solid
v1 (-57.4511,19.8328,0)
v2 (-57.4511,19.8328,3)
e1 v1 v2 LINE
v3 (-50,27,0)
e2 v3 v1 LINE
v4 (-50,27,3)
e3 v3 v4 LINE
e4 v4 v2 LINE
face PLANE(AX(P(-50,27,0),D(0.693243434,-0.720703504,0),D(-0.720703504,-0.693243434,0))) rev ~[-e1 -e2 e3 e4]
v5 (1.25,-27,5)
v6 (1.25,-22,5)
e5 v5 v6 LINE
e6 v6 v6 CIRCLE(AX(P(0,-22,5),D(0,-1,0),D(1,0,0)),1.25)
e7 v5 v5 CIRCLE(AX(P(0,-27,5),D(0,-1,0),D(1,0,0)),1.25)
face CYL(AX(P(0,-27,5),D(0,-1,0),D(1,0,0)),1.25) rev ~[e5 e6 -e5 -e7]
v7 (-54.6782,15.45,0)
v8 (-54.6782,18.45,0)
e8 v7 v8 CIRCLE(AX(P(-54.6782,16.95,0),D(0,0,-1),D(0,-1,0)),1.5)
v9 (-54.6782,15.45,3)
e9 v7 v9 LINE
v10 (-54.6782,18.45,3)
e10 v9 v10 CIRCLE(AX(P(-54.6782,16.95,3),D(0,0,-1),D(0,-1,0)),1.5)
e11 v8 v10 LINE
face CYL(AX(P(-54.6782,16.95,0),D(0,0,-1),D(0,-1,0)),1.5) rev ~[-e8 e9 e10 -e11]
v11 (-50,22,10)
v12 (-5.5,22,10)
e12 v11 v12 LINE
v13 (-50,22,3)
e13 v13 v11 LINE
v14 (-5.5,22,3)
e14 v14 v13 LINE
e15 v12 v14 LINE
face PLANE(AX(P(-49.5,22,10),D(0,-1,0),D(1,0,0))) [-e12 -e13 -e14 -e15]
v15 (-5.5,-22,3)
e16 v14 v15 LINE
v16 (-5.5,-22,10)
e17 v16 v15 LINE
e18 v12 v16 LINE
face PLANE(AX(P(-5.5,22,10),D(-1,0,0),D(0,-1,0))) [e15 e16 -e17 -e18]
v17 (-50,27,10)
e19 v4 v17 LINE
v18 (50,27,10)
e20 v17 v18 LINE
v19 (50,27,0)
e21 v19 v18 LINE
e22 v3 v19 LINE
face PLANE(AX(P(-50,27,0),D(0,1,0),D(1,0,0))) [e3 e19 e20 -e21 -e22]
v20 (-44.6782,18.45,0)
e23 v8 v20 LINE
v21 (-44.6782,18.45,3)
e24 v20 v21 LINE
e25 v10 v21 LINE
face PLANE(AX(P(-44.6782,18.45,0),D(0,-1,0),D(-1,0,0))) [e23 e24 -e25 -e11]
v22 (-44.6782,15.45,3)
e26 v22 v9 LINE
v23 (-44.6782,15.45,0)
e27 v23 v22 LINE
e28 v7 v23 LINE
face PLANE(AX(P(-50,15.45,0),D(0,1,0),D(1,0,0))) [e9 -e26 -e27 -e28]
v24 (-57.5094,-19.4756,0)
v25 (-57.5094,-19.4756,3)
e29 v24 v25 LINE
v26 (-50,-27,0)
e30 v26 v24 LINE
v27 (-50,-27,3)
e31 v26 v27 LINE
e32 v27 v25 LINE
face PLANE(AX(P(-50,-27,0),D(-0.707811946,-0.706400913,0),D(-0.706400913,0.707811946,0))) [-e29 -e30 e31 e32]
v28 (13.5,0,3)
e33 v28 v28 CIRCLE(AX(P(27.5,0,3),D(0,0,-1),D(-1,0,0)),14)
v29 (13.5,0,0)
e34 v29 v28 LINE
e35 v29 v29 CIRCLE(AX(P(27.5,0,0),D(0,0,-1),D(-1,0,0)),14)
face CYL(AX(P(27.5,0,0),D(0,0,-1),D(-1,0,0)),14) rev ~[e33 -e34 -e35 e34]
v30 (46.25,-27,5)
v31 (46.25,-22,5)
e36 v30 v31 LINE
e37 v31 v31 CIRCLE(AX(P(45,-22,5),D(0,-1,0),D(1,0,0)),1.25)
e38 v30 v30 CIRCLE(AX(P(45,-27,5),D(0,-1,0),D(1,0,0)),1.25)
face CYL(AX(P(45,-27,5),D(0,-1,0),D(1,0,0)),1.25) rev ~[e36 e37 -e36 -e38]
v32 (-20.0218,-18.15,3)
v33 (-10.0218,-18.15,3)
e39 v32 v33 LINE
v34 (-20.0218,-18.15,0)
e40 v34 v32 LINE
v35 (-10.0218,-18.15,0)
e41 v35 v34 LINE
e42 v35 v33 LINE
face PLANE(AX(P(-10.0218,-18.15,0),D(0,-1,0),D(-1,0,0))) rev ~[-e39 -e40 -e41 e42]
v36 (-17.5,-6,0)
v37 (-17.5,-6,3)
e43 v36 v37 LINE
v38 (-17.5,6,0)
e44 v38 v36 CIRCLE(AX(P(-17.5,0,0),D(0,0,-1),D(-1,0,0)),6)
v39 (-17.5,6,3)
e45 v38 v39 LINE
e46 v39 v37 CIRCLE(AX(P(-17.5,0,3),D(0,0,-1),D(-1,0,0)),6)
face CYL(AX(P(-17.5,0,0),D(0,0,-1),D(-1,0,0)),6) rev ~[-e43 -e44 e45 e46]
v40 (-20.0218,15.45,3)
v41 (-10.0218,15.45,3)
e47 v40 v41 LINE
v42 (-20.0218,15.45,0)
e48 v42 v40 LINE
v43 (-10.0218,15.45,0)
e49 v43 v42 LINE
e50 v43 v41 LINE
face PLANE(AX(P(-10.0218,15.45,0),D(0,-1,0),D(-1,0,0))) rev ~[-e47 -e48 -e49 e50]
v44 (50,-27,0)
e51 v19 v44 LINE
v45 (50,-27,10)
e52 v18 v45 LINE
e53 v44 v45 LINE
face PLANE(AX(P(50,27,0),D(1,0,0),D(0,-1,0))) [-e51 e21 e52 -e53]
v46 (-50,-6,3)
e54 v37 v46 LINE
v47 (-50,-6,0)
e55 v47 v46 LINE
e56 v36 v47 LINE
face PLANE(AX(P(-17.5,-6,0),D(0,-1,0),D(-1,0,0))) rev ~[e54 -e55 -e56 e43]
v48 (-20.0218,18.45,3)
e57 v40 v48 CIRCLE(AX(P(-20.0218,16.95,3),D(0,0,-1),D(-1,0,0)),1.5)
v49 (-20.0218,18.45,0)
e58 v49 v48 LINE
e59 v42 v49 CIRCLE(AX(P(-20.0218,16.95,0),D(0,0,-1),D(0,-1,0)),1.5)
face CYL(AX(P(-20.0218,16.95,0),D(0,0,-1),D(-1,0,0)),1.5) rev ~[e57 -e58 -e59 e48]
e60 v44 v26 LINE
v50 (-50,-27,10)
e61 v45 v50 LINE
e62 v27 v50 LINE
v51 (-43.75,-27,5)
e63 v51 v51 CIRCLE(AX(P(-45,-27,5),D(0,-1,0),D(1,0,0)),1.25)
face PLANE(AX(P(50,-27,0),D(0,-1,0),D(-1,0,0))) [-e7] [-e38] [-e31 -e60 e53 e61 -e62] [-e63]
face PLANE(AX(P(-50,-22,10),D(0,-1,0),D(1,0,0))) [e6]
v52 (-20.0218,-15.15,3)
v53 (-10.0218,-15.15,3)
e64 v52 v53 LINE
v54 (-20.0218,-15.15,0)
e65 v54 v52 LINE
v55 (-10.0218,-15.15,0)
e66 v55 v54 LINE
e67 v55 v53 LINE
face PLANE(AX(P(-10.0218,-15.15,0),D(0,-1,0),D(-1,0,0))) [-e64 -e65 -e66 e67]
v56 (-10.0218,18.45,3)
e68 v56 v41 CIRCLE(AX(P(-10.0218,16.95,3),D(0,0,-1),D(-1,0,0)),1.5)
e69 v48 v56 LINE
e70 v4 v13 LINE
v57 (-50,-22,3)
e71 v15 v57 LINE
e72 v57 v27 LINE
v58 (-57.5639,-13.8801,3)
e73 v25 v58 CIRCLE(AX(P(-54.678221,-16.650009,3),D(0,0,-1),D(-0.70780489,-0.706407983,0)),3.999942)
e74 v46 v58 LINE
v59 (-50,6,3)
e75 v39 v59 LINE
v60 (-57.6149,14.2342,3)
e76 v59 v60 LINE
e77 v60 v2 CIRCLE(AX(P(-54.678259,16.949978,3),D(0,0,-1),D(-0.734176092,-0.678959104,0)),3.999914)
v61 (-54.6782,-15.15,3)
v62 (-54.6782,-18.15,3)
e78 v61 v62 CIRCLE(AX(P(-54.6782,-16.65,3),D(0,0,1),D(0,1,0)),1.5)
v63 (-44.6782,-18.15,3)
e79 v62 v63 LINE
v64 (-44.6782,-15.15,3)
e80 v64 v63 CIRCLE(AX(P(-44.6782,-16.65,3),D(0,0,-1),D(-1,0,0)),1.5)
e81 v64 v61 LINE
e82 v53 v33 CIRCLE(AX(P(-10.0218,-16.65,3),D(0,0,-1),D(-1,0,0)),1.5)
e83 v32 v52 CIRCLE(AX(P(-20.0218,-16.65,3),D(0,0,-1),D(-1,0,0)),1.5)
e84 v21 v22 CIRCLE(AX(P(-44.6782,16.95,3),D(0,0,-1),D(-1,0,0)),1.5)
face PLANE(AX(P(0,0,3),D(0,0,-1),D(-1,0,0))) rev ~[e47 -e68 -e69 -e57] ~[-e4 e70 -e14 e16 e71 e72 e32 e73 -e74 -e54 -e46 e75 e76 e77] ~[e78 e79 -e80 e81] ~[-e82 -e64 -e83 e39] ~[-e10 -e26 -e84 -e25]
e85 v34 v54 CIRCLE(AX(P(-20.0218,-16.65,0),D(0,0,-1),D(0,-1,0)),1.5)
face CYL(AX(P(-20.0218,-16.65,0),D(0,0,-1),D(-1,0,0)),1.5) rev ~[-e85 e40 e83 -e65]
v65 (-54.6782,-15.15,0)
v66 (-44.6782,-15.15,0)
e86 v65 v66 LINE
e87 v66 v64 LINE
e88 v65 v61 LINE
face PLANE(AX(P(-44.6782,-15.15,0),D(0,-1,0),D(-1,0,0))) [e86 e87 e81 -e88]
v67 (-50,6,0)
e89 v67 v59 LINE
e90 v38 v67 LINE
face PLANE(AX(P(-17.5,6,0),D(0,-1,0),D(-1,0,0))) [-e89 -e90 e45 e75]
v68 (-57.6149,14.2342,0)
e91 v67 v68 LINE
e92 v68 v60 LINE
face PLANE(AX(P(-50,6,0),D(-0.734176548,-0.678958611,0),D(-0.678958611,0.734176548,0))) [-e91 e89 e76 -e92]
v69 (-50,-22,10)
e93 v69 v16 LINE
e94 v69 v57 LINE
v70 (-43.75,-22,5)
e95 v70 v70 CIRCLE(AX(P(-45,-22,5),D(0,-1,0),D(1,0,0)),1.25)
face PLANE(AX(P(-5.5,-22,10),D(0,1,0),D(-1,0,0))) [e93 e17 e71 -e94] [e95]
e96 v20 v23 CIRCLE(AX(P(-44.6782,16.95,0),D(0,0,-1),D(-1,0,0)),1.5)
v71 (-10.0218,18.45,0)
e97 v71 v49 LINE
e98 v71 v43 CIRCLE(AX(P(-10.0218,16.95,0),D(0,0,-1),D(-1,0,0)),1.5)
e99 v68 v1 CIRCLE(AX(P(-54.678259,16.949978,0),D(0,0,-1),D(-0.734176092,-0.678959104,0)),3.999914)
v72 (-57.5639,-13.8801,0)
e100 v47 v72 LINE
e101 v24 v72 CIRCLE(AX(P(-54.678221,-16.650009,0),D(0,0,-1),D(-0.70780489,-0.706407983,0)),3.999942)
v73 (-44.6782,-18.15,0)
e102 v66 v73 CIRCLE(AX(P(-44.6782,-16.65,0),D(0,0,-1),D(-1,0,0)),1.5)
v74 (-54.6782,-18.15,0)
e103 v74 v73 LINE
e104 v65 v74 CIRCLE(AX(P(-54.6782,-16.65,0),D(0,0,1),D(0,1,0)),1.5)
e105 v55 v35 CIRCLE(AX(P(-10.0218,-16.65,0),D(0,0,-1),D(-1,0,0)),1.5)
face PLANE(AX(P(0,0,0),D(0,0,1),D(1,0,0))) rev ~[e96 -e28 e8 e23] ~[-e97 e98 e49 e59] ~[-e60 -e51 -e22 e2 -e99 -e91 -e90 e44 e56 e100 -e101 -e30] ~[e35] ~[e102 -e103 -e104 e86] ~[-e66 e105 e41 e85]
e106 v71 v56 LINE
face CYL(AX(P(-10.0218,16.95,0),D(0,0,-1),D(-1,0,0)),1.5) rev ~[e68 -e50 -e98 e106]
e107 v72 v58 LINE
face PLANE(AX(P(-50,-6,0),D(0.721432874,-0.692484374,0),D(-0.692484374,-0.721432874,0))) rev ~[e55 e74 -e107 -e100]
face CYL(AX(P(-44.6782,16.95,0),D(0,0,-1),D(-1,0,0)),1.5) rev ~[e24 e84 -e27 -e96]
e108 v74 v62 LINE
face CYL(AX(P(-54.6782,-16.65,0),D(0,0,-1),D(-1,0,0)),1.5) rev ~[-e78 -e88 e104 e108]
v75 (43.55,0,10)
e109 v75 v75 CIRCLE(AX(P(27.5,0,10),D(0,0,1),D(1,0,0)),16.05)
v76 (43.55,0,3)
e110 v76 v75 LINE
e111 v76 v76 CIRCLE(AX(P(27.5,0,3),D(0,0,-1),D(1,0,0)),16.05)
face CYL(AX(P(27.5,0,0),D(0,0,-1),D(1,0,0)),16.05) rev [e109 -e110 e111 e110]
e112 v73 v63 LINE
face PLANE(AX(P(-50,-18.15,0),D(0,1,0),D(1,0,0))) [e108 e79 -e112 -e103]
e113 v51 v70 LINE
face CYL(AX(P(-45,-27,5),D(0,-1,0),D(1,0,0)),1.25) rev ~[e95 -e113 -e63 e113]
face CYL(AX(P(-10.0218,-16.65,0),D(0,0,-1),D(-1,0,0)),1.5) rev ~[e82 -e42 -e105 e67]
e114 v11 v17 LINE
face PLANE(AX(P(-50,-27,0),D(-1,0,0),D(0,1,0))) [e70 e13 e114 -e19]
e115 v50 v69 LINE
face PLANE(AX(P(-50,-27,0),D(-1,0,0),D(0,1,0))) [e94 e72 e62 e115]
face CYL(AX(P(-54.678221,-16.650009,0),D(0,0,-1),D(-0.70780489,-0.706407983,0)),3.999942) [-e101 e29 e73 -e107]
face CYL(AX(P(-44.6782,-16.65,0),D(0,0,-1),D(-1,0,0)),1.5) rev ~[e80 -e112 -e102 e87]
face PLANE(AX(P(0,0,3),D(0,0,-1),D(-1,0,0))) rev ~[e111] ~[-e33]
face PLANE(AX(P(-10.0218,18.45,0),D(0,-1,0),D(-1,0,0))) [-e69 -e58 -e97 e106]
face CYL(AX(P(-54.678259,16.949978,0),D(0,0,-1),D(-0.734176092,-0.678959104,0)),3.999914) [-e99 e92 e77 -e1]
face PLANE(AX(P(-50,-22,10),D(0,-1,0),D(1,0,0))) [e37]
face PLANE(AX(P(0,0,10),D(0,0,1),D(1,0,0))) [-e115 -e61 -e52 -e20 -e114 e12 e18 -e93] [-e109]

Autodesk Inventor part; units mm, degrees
ref_plane "YZ Plane" through (0, 0, 0) normal (1, 0, 0) x (0, 1, 0)
ref_plane "XZ Plane" through (0, 0, 0) normal (0, 1, 0) x (-1, 0, 0)
sketch "Эскиз1" plane through (0, 0, 0) normal (0, 0, 1) x (1, 0, 0)
  line L0 (50, -27) -> (-50, -27)
  line L1 (-50, -27) -> (-50, 27)
  line L2 (-50, 27) -> (50, 27)
  line L3 (50, 27) -> (50, -27)
  line L4 (50, -27) -> (-50, 27) construction
  line L5 (-50, -27) -> (50, 27) construction
  circle A0 centre (27.5, 0) radius 16.05
  point P0 (0, 0)
  point P1 (0, 0)
  dimension "d0" = 100
  dimension "d1" = 54
  dimension "d2" = 32.1
  dimension "d3" = 22.5
extrude "Выдавливание1" add sketch "Эскиз1" along normal blind 10
sketch "Эскиз2" plane through (0, 0, 0) normal (0, 0, -1) x (-1, 0, 0)
  circle A0 centre (-27.5, 0) radius 16.05 projected
  circle A1 centre (-27.5, 0) radius 14
  point P0 (0, 0)
  dimension "d6" = 28
extrude "Выдавливание2" add sketch "Эскиз2" against normal blind 3
sketch "Эскиз3" plane through (0, 0, 0) normal (0, 0, -1) x (-1, 0, 0)
  circle A0 centre (-27.5, 0) radius 14 projected
  circle A1 centre (17.5, 0) radius 6
  line L0 (17.5, 6) -> (50, 6)
  line L1 (50, -27) -> (50, 27) projected
  line L2 (17.5, -6) -> (50, -6)
  line L3 (50, -6) -> (50, 6)
  point P0 (0, 0)
  dimension "d9" = 12
  dimension "d10" = 45
extrude "Выдавливание3" cut sketch "Эскиз3" against normal blind 10 contours A1 | A1 L0 L1 L2
sketch "Эскиз4" plane through (0, 0, 10) normal (0, 0, 1) x (1, 0, 0)
  line L0 (-49.5, 22) -> (-5.5, 22)
  line L1 (-5.5, 22) -> (-5.5, -22)
  line L2 (-5.5, -22) -> (-49.5, -22)
  line L3 (-49.5, -22) -> (-49.5, 22)
  line L4 (-49.5, 22) -> (-5.5, -22) construction
  line L5 (-5.5, 22) -> (-49.5, -22) construction
  arc A0 (-17.5, -6) -> (-17.5, 6) centre (-17.5, 0) ccw projected
  line L6 (-49.5, -22) -> (-62.5164, -22)
  line L7 (-62.5164, -22) -> (-62.5164, 22)
  line L8 (-62.5164, 22) -> (-49.5, 22)
  line L9 (-49.5, 22) -> (-49.5, -22)
  point P0 (0, 0)
  point P1 (-27.5, 0)
  point P2 (-27.5, 0)
  dimension "d13" = 44
  dimension "d14" = 44
  dimension "d15" = 10
  dimension "d16" = 44
extrude "Выдавливание4" cut sketch "Эскиз4" against normal blind 7
sketch "Эскиз8" plane through (-50, -27, 10) normal (0, -1, 0) x (1, 0, 0)
  circle A0 centre (95, -5) radius 1.25
  circle A1 centre (50, -5) radius 1.25
  circle A2 centre (5, -5) radius 1.25
  line L0 (100, -10) -> (100, 0) projected
  line L1 (0, -10) -> (0, 0) projected
  line L2 (100, -10) -> (0, -10) projected
  point P0 (50, -10)
  point P1 (100, -5)
  point P2 (0, -7)
  point P3 (50, -10)
  dimension "d44" = 2.5
  dimension "d45" = 2.5
  dimension "d46" = 2.5
  dimension "d47" = 5
  dimension "d48" = 5
extrude "Выдавливание9" cut sketch "Эскиз8" against normal up to surface (5 mm away)
sketch "Эскиз9" plane through (0, 0, 0) normal (0, 0, -1) x (-1, 0, 0)
  circle A0 centre (10.0218, 16.95) radius 1.5
  circle A1 centre (44.6782, 16.95) radius 1.5
  circle A2 centre (44.6782, -16.65) radius 1.5
  circle A3 centre (10.0218, -16.65) radius 1.5
  line L0 (-50, 27) -> (50, 27) projected
  line L1 (-50, -27) -> (-50, 27) projected
  line L2 (50, -27) -> (-50, -27) projected
  line L3 (50, -22) -> (50, -6) projected
  line L4 (50, 6) -> (50, 22) projected
  point P0 (0, 0)
  dimension "d75" = 10.05
  dimension "d76" = 60.0218
  dimension "d77" = 3
  dimension "d78" = 10.05
  dimension "d79" = 10.35
  dimension "d80" = 10.35
  dimension "d82" = 5.3218
  dimension "d83" = 3
  dimension "d84" = 3
  dimension "d85" = 3
extrude "Выдавливание10" cut sketch "Эскиз9" against normal blind 10
sketch "Эскиз10" plane through (0, 0, 0) normal (0, 0, -1) x (-1, 0, 0)
  circle A0 centre (10.0218, 16.95) radius 1.5 projected
  line L0 (10.0218, 18.45) -> (20.0218, 18.45)
  line L1 (10.0218, 15.45) -> (20.0218, 15.45)
  circle A1 centre (20.0218, 16.95) radius 1.5
  circle A2 centre (10.0218, -16.65) radius 1.5 projected
  line L2 (10.0218, -15.15) -> (20.0218, -15.15)
  line L3 (10.0218, -18.15) -> (20.0218, -18.15)
  circle A3 centre (20.0218, -16.65) radius 1.5
  line L4 (20.0218, 18.45) -> (20.0218, 15.45)
  line L5 (10.0218, 18.45) -> (10.0218, 15.45)
  line L6 (10.0218, -15.15) -> (10.0218, -18.15)
  line L7 (20.0218, -15.15) -> (20.0218, -18.15)
  point P0 (0, 0)
  dimension "d53" = 10
  dimension "d54" = 10
  dimension "d55" = 10
  dimension "d56" = 10
extrude "Выдавливание11" cut sketch "Эскиз10" against normal blind 10 contours A0 L5 | A0 L0 A1 L1 | L4 A1 | A1 L4 | A2 L2 A3 L3 | L7 A3 | A3 L7 picked at (10.3335, 17.3409)
sketch "Эскиз11" plane through (0, 0, 0) normal (0, 0, -1) x (-1, 0, 0)
  line L0 (-50, 27) -> (50, 27) projected
  line L1 (50, 6) -> (50, 27) projected
  line L2 (50, 27) -> (50, 6)
  circle A0 centre (44.6782, 16.95) radius 1.5 projected
  line L3 (44.6782, 18.45) -> (54.6782, 18.45)
  line L4 (54.6782, 18.45) -> (54.6782, 15.45)
  line L5 (54.6782, 15.45) -> (44.6782, 15.45)
  arc A1 (54.6782, 15.45) -> (54.6782, 18.45) centre (54.6782, 16.95) ccw
  arc A2 (57.6149, 14.2342) -> (57.4511, 19.8328) centre (54.6782, 16.95) ccw
  line L6 (50, 27) -> (57.4511, 19.8328)
  line L7 (50, 6) -> (57.6149, 14.2342)
  point P0 (0, 0)
  point P1 (50, 16.5)
  dimension "d60" = 10
  dimension "d61" = 3
  dimension "d62" = 8
extrude "Выдавливание12" add sketch "Эскиз11" against normal up to surface (3 mm away) contours L1 L5 A1 L3 L6 A2 L7 | L1 L3 L4 L5
extrude "Выдавливание13" cut sketch "Эскиз11" against normal blind 10 contours L5 A0 L3 L1 | L1 L3 L4 L5
ref_plane "РабПлоскость1" through (-50, 0, 0) normal (0, 1, 0) x (1, 0, 0)
sketch "Эскиз12" plane through (0, 0, 0) normal (0, 0, -1) x (-1, 0, 0)
  line L0 (50, -6) -> (17.5, -6) projected
  line L1 (50, -22) -> (50, -27) projected
  line L2 (50, -6) -> (50, -27)
  circle A0 centre (44.6782, -16.65) radius 1.5 projected
  line L3 (44.6782, -15.15) -> (54.6782, -15.15)
  line L4 (54.6782, -18.15) -> (54.6782, -15.15)
  line L5 (54.6782, -18.15) -> (44.6782, -18.15)
  circle A1 centre (54.6782, -16.65) radius 1.5
  arc A2 (57.5094, -19.4756) -> (57.5639, -13.8801) centre (54.6782, -16.65) ccw
  line L6 (50, -22) -> (50, -6) projected
  line L7 (50, -6) -> (57.5639, -13.8801)
  line L8 (50, -27) -> (57.5094, -19.4756)
  point P0 (0, 0)
  dimension "d67" = 10
  dimension "d68" = 10
  dimension "d69" = 3
  dimension "d70" = 8
extrude "Выдавливание14" add sketch "Эскиз12" against normal up to surface (3 mm away) contours L2 L5 A1 L3 L7 A2 L8 L1 | L2 L3 A1 L5
extrude "Выдавливание15" cut sketch "Эскиз12" against normal blind 10 contours L5 A0 L3 L2 | L2 L3 A1 L5 | A1 L4 | L4 A1
equation "\"d44\" = d45"
equation "\"d45\" = d46"
properties part number "крепление подшипникового блока левая часть"
